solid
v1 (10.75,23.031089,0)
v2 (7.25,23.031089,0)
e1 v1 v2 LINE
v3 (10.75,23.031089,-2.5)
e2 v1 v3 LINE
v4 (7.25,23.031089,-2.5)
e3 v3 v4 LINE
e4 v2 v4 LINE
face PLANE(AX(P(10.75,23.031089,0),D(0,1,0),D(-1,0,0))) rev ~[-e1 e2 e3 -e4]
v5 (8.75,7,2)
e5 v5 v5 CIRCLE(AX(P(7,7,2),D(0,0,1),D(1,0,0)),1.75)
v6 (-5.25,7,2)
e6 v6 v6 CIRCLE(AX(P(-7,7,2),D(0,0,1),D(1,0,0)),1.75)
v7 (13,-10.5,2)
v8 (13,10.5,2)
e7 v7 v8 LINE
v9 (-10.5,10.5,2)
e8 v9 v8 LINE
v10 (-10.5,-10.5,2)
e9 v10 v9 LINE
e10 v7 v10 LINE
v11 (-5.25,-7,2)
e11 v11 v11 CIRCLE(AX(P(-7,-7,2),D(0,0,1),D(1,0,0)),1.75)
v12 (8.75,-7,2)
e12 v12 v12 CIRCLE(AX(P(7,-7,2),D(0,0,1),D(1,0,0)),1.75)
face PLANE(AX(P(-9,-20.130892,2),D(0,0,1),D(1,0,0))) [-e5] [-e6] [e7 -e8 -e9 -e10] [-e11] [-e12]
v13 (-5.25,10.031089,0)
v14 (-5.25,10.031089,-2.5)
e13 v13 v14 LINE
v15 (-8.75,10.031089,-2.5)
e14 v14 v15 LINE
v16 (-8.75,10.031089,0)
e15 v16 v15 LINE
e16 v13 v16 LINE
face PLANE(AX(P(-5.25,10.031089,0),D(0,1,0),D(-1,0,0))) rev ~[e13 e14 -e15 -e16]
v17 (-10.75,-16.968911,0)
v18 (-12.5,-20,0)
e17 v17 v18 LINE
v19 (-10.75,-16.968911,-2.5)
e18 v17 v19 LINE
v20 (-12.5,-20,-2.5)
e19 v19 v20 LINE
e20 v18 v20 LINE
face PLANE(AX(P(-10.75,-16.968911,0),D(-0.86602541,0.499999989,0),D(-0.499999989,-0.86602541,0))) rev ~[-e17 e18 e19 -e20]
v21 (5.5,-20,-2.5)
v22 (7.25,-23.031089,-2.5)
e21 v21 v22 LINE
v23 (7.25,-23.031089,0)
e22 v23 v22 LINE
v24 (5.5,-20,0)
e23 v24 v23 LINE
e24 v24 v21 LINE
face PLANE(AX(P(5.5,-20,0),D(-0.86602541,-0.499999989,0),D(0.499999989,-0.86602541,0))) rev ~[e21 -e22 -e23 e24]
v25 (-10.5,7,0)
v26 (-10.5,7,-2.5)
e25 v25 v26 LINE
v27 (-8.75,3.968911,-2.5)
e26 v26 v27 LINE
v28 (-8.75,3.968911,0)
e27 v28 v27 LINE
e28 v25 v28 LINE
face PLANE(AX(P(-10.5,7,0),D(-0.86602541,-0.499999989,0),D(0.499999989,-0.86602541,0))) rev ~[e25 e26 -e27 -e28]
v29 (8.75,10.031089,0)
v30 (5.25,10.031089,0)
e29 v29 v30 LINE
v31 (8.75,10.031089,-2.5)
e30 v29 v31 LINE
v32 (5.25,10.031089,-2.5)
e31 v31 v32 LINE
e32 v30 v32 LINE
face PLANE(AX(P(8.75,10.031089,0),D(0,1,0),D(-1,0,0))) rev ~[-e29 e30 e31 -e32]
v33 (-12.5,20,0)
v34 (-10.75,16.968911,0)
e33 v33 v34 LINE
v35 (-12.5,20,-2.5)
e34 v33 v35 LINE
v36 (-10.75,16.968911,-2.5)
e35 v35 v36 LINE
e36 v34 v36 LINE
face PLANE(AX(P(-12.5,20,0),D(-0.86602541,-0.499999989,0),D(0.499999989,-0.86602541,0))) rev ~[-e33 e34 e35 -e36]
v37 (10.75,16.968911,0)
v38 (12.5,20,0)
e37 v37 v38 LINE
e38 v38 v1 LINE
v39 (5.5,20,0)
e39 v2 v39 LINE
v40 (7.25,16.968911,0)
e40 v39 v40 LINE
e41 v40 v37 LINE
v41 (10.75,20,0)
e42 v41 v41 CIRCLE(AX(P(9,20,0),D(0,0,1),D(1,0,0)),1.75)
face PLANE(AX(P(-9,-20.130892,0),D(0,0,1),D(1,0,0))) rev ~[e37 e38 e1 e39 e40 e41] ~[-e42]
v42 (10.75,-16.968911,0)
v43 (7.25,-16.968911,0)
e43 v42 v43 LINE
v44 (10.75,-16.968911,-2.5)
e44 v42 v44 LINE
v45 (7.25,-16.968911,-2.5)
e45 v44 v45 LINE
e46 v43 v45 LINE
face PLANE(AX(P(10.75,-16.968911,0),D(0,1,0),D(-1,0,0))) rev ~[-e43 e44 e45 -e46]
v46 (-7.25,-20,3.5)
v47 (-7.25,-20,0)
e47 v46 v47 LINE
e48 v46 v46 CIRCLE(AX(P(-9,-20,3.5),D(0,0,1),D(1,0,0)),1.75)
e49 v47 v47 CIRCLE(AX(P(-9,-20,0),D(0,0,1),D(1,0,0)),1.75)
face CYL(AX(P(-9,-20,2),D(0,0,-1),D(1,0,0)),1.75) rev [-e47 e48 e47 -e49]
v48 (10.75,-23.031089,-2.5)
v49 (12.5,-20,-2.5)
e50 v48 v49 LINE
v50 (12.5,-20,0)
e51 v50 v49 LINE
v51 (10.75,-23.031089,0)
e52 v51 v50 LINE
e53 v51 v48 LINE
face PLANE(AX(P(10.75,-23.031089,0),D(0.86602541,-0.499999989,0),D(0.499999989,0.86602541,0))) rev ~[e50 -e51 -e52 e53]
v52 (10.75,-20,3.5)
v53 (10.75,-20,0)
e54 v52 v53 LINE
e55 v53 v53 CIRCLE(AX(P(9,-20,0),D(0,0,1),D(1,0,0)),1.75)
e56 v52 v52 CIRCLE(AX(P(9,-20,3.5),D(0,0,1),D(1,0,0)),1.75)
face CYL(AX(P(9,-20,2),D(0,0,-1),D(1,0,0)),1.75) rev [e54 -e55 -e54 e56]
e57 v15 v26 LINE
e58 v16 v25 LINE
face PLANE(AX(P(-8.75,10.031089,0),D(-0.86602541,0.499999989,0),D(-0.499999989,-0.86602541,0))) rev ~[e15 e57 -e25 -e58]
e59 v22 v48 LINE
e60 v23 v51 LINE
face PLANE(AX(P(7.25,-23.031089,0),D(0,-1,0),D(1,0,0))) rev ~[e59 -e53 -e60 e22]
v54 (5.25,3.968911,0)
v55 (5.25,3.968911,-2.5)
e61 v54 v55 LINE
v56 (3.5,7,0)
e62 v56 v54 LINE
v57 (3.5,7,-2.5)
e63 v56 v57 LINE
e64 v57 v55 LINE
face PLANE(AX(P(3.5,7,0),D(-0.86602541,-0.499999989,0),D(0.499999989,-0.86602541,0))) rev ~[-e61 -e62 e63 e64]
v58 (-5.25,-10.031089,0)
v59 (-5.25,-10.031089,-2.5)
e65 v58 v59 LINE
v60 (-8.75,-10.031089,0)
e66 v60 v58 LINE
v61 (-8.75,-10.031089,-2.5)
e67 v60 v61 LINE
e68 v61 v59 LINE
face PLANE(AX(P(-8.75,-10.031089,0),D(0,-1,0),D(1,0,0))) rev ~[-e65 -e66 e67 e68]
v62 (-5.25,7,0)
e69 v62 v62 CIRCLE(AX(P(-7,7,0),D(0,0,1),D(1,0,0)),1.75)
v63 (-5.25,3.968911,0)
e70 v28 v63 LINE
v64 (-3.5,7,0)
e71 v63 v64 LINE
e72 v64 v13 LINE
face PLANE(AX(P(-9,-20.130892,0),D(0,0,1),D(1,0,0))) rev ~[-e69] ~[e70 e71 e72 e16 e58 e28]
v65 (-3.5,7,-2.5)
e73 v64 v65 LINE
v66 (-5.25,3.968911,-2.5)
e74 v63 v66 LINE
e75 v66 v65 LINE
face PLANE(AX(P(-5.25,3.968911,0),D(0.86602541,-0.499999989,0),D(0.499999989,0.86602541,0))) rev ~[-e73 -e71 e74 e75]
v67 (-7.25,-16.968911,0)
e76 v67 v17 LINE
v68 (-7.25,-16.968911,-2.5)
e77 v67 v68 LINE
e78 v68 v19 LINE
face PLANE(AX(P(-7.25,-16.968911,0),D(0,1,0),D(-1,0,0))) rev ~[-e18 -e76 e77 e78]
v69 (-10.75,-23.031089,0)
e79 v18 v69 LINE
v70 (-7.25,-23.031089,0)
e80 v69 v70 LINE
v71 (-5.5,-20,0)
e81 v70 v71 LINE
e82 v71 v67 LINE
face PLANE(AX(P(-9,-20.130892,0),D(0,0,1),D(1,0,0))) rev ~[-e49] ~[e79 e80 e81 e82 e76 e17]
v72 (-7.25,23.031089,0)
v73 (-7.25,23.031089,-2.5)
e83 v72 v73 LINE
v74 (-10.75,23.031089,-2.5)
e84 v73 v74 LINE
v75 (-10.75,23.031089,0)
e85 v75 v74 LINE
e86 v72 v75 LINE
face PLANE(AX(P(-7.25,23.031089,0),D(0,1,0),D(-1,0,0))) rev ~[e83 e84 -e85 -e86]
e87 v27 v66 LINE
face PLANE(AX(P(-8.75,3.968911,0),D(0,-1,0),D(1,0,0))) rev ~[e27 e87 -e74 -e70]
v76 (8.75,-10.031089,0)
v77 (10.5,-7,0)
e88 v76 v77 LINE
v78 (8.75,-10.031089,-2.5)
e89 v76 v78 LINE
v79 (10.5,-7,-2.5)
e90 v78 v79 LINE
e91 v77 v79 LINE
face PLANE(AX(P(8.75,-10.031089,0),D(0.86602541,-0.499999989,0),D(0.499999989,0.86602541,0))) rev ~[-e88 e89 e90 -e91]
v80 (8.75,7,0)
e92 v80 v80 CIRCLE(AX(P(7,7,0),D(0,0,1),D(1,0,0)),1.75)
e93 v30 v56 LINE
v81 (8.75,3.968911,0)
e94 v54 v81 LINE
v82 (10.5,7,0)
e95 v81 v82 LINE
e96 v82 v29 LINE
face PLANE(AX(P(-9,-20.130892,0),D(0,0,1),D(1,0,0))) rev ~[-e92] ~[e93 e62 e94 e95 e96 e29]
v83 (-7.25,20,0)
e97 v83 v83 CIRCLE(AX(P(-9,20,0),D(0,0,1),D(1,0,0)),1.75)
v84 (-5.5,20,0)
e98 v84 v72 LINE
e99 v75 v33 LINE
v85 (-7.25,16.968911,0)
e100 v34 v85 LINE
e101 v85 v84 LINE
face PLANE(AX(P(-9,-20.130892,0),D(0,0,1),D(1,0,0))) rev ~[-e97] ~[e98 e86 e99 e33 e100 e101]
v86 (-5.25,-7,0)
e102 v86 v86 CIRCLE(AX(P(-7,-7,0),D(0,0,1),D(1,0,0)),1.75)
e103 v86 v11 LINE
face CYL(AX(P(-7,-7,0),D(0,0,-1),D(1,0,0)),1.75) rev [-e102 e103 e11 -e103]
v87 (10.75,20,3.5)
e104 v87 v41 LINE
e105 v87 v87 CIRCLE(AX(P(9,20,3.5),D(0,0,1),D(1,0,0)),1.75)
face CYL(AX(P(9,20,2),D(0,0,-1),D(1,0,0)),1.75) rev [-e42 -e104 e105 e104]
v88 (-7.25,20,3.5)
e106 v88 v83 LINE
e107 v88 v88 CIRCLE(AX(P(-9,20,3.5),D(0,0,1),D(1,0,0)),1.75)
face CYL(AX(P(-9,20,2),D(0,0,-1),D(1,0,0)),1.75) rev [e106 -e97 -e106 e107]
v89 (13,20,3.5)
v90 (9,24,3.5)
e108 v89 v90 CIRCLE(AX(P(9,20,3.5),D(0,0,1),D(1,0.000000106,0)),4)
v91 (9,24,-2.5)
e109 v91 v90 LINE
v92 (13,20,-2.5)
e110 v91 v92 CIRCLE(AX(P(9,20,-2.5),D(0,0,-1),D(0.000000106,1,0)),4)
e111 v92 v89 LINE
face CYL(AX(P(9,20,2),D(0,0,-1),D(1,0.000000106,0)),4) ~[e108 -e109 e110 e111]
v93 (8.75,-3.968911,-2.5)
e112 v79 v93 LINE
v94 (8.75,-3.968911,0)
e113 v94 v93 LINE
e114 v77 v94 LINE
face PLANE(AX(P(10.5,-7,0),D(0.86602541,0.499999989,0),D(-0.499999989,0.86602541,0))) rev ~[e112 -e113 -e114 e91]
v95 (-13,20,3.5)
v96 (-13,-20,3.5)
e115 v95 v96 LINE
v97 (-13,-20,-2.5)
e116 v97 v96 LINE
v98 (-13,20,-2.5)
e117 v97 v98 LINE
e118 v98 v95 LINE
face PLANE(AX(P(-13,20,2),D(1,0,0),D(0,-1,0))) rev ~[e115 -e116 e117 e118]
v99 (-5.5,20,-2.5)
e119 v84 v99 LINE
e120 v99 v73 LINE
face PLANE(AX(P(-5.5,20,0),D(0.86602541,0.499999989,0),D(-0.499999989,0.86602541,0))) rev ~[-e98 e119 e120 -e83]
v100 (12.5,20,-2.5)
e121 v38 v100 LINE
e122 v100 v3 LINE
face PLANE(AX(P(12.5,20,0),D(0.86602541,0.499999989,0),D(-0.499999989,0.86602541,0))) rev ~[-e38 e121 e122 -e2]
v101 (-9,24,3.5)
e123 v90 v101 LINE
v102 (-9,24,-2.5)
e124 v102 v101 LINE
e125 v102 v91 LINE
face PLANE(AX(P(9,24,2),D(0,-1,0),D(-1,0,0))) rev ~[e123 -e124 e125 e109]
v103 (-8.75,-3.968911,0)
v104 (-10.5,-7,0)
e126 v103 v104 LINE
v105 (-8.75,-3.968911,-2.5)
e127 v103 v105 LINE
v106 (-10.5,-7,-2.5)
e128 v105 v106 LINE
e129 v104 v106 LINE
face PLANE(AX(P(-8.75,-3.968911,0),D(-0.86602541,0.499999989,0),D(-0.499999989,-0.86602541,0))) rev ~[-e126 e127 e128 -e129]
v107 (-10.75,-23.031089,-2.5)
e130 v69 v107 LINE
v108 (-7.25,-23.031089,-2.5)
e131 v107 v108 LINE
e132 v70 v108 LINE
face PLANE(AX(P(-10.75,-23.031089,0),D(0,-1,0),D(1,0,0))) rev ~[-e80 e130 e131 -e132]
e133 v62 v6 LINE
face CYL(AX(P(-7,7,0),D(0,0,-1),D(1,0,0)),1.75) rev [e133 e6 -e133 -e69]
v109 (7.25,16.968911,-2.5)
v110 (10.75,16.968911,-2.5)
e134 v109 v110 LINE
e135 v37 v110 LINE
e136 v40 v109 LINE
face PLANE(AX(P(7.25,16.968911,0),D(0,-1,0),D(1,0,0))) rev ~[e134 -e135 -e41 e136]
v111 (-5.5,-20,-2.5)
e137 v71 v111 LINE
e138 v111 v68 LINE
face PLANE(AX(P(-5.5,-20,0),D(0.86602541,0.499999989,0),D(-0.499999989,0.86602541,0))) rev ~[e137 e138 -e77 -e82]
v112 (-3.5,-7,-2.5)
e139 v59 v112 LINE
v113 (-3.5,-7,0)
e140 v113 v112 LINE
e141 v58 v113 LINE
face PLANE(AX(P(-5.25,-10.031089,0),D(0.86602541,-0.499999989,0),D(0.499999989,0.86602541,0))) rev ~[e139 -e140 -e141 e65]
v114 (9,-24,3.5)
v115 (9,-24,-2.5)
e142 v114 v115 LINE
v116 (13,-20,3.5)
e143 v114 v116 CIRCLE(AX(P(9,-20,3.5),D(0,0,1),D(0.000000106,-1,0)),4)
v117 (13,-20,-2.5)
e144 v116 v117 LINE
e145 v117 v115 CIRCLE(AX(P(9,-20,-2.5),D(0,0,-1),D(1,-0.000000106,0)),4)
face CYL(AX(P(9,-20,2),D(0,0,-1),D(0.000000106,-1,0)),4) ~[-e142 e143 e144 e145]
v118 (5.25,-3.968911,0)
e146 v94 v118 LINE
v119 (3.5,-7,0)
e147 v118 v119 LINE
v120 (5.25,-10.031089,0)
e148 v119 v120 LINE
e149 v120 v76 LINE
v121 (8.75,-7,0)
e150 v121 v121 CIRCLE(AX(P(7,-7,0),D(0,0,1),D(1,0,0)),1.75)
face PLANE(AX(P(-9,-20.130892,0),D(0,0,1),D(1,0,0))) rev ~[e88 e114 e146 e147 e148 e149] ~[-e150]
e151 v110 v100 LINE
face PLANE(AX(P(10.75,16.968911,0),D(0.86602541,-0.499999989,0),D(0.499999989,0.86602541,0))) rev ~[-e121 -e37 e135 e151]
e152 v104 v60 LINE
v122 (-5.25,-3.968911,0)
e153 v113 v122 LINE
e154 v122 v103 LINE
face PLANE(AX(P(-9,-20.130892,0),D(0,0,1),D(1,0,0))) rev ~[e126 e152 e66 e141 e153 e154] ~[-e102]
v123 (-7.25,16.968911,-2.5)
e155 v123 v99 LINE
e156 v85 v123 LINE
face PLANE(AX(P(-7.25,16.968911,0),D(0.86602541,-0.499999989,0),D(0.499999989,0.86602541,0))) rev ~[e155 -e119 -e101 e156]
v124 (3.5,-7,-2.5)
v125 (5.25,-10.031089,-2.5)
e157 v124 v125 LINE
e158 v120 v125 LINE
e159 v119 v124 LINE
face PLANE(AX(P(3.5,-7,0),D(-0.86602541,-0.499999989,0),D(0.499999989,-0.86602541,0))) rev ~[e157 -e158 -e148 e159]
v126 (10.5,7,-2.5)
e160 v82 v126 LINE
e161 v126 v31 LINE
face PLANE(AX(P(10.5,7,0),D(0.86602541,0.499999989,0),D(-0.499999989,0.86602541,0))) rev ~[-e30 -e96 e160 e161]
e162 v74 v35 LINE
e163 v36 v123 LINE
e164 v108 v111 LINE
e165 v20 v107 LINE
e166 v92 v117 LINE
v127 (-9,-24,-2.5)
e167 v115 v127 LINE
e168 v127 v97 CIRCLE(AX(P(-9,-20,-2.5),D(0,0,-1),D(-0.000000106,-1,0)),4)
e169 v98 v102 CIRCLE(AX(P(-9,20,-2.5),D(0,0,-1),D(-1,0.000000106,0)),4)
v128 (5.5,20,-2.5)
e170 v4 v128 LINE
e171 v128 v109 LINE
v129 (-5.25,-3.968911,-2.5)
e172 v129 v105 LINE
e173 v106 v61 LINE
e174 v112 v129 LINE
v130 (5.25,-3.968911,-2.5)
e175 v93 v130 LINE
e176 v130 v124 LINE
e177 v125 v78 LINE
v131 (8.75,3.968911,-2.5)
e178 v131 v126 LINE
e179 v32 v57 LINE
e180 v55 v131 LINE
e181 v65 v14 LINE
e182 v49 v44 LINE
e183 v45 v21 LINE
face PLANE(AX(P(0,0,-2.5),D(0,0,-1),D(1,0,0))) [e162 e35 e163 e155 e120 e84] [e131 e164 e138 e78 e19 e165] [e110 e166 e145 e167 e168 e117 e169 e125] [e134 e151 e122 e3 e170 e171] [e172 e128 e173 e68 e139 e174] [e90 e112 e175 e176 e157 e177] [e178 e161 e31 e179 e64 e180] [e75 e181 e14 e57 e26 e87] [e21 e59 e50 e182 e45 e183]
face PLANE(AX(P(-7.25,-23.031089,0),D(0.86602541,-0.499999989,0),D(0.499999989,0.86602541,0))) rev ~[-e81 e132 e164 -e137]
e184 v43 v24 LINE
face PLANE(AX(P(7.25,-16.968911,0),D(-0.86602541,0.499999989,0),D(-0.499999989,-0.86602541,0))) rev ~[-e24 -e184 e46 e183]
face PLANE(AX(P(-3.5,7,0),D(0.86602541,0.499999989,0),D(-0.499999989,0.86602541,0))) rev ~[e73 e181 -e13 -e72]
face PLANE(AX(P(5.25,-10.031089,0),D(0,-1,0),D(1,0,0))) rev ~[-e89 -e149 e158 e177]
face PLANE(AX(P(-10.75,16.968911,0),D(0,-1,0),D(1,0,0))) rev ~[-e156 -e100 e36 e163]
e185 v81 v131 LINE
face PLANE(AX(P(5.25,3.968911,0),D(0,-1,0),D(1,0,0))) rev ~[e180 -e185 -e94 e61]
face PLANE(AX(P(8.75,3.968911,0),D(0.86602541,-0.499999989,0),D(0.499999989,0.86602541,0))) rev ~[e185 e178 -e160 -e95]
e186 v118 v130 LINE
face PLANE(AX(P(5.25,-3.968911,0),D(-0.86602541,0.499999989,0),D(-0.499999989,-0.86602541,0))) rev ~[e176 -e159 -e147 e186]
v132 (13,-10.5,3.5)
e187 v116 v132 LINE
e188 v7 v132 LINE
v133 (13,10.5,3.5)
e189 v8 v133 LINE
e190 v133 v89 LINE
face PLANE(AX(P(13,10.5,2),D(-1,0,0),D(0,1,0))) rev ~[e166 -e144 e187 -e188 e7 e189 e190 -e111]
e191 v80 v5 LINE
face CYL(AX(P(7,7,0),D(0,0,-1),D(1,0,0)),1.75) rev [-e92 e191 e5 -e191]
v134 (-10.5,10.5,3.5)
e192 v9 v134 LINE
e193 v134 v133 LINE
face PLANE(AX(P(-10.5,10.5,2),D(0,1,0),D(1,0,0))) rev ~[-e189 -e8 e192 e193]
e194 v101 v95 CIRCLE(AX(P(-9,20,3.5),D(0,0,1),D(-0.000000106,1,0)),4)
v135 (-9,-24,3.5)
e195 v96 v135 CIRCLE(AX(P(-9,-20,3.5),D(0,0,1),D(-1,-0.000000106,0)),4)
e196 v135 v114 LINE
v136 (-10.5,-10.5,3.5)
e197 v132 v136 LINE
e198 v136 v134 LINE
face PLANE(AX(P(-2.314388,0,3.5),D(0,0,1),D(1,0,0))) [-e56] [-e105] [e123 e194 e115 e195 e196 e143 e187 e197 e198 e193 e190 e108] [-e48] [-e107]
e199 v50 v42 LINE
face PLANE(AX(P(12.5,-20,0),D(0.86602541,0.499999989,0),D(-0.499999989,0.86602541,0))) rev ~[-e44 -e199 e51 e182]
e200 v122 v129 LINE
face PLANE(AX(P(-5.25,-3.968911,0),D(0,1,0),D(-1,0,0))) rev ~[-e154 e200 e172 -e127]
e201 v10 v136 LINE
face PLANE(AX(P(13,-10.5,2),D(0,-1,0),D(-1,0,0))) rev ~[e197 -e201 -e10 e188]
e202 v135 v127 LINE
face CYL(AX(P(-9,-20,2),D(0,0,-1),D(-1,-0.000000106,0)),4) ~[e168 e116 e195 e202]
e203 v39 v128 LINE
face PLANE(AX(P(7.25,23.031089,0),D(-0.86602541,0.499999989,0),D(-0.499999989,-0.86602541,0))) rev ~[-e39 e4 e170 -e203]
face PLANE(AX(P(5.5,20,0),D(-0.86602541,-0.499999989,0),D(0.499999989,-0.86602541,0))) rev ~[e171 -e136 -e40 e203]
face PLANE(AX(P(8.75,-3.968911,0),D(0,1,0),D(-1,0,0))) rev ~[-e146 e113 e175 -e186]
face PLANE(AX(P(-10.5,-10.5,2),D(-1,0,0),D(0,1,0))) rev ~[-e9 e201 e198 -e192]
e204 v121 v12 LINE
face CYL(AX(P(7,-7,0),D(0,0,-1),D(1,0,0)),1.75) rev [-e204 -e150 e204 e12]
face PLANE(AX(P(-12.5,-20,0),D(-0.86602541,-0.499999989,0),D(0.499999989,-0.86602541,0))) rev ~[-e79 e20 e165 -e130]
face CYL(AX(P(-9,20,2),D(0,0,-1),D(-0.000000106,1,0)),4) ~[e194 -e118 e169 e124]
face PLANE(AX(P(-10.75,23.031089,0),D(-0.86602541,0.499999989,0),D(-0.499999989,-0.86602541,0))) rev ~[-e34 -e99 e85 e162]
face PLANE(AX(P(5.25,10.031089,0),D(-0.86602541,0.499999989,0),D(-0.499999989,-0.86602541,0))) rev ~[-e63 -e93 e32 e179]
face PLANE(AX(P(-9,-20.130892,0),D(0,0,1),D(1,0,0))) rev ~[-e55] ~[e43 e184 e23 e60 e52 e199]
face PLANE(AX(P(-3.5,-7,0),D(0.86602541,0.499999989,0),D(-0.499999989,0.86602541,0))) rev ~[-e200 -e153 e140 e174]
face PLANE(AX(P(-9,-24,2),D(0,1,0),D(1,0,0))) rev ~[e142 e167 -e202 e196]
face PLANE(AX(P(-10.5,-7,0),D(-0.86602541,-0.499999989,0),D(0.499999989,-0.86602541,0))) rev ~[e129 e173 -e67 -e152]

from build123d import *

# Parameters (mm, degrees)
F0_R     = 1.75
F1_DEPTH = 2
F3_DEPTH = 2.5
F4_R     = 1.75
F5_DEPTH = 1.5


with BuildPart() as f1:
    # F0 (on Top) → F1 (new body)
    with BuildSketch(Plane.XY):
        with BuildLine():
            ThreePointArc((-9, -24), (-6.171573, -22.828427), (-5, -20))
            ThreePointArc((-5, -20), (-9, -16), (-13, -20))
            ThreePointArc((-13, -20), (-11.828427, -22.828427), (-9, -24))
        make_face()
        with Locations((-9, -20)):
            Circle(F0_R, mode=Mode.SUBTRACT)
        with BuildLine():
            ThreePointArc((-13, -20), (-9, -16), (-5, -20))
            ThreePointArc((-5, -20), (-6.171573, -22.828427), (-9, -24))
            Line((-9, -24), (9, -24))
            ThreePointArc((9, -24), (6.171573, -17.171573), (13, -20))
            Line((13, -20), (13, 20))
            ThreePointArc((13, 20), (6.171573, 17.171573), (9, 24))
            Line((9, 24), (-9, 24))
            ThreePointArc((-9, 24), (-6.171573, 22.828427), (-5, 20))
            ThreePointArc((-5, 20), (-9, 16), (-13, 20))
            Line((-13, 20), (-13, -20))
        make_face()
        with Locations((-7, -7)):
            Circle(F0_R, mode=Mode.SUBTRACT)
        with Locations((7, -7)):
            Circle(F0_R, mode=Mode.SUBTRACT)
        with Locations((-7, 7)):
            Circle(F0_R, mode=Mode.SUBTRACT)
        with Locations((7, 7)):
            Circle(F0_R, mode=Mode.SUBTRACT)
        with BuildLine():
            ThreePointArc((-9, 24), (-11.828427, 22.828427), (-13, 20))
            ThreePointArc((-13, 20), (-9, 16), (-5, 20))
            ThreePointArc((-5, 20), (-6.171573, 22.828427), (-9, 24))
        make_face()
        with Locations((-9, 20)):
            Circle(F0_R, mode=Mode.SUBTRACT)
        with BuildLine():
            ThreePointArc((13, -20), (6.171573, -17.171573), (9, -24))
            ThreePointArc((9, -24), (11.828427, -22.828427), (13, -20))
        make_face()
        with Locations((9, -20)):
            Circle(F0_R, mode=Mode.SUBTRACT)
        with BuildLine():
            ThreePointArc((13, 20), (11.828427, 22.828427), (9, 24))
            ThreePointArc((9, 24), (6.171573, 17.171573), (13, 20))
        make_face()
        with Locations((9, 20)):
            Circle(F0_R, mode=Mode.SUBTRACT)
    extrude(amount=F1_DEPTH)

    # F2 (on face) → F3 (join)
    with BuildSketch(Plane(origin=(0, 0, 0), x_dir=(1, 0, 0), z_dir=(0, 0, -1))):
        with BuildLine():
            ThreePointArc((-9, 24), (-11.828427, 22.828427), (-13, 20))
            Line((-13, 20), (-13, -20))
            ThreePointArc((-13, -20), (-11.828427, -22.828427), (-9, -24))
            Line((-9, -24), (9, -24))
            ThreePointArc((9, -24), (11.828427, -22.828427), (13, -20))
            Line((13, -20), (13, 20))
            ThreePointArc((13, 20), (11.828427, 22.828427), (9, 24))
            Line((9, 24), (-9, 24))
        make_face()
        Polygon((-7.25, -16.968911), (-5.5, -20), (-7.25, -23.031089), (-10.75, -23.031089), (-12.5, -20), (-10.75, -16.968911), align=None, mode=Mode.SUBTRACT)
        Polygon((-5.25, -3.968911), (-3.5, -7), (-5.25, -10.031089), (-8.75, -10.031089), (-10.5, -7), (-8.75, -3.968911), align=None, mode=Mode.SUBTRACT)
        Polygon((10.75, -16.968911), (12.5, -20), (10.75, -23.031089), (7.25, -23.031089), (5.5, -20), (7.25, -16.968911), align=None, mode=Mode.SUBTRACT)
        Polygon((8.75, -3.968911), (10.5, -7), (8.75, -10.031089), (5.25, -10.031089), (3.5, -7), (5.25, -3.968911), align=None, mode=Mode.SUBTRACT)
        Polygon((-8.75, 10.031089), (-5.25, 10.031089), (-3.5, 7), (-5.25, 3.968911), (-8.75, 3.968911), (-10.5, 7), align=None, mode=Mode.SUBTRACT)
        Polygon((-7.25, 23.031089), (-5.5, 20), (-7.25, 16.968911), (-10.75, 16.968911), (-12.5, 20), (-10.75, 23.031089), align=None, mode=Mode.SUBTRACT)
        Polygon((8.75, 10.031089), (10.5, 7), (8.75, 3.968911), (5.25, 3.968911), (3.5, 7), (5.25, 10.031089), align=None, mode=Mode.SUBTRACT)
        Polygon((7.25, 23.031089), (10.75, 23.031089), (12.5, 20), (10.75, 16.968911), (7.25, 16.968911), (5.5, 20), align=None, mode=Mode.SUBTRACT)
    extrude(amount=F3_DEPTH)

    # F4 (on face) → F5 (join)
    with BuildSketch(Plane.XY.offset(2)):
        with BuildLine():
            Line((-10.5, 10.5), (10.5, 10.5))
            Line((10.5, 10.5), (13, 10.5))
            Line((13, 10.5), (13, 20))
            ThreePointArc((13, 20), (11.828427, 22.828427), (9, 24))
            Line((9, 24), (-9, 24))
            ThreePointArc((-9, 24), (-11.828427, 22.828427), (-13, 20))
            Line((-13, 20), (-13, -20))
            ThreePointArc((-13, -20), (-11.828427, -22.828427), (-9, -24))
            Line((-9, -24), (9, -24))
            ThreePointArc((9, -24), (11.828427, -22.828427), (13, -20))
            Line((13, -20), (13, -10.5))
            Line((13, -10.5), (10.5, -10.5))
            Line((10.5, -10.5), (-10.5, -10.5))
            Line((-10.5, -10.5), (-10.5, 10.5))
        make_face()
        with Locations((-9, -20)):
            Circle(F4_R, mode=Mode.SUBTRACT)
        with Locations((9, -20)):
            Circle(F4_R, mode=Mode.SUBTRACT)
        with Locations((-9, 20)):
            Circle(F4_R, mode=Mode.SUBTRACT)
        with Locations((9, 20)):
            Circle(F4_R, mode=Mode.SUBTRACT)
    extrude(amount=F5_DEPTH)


solid = f1.part
